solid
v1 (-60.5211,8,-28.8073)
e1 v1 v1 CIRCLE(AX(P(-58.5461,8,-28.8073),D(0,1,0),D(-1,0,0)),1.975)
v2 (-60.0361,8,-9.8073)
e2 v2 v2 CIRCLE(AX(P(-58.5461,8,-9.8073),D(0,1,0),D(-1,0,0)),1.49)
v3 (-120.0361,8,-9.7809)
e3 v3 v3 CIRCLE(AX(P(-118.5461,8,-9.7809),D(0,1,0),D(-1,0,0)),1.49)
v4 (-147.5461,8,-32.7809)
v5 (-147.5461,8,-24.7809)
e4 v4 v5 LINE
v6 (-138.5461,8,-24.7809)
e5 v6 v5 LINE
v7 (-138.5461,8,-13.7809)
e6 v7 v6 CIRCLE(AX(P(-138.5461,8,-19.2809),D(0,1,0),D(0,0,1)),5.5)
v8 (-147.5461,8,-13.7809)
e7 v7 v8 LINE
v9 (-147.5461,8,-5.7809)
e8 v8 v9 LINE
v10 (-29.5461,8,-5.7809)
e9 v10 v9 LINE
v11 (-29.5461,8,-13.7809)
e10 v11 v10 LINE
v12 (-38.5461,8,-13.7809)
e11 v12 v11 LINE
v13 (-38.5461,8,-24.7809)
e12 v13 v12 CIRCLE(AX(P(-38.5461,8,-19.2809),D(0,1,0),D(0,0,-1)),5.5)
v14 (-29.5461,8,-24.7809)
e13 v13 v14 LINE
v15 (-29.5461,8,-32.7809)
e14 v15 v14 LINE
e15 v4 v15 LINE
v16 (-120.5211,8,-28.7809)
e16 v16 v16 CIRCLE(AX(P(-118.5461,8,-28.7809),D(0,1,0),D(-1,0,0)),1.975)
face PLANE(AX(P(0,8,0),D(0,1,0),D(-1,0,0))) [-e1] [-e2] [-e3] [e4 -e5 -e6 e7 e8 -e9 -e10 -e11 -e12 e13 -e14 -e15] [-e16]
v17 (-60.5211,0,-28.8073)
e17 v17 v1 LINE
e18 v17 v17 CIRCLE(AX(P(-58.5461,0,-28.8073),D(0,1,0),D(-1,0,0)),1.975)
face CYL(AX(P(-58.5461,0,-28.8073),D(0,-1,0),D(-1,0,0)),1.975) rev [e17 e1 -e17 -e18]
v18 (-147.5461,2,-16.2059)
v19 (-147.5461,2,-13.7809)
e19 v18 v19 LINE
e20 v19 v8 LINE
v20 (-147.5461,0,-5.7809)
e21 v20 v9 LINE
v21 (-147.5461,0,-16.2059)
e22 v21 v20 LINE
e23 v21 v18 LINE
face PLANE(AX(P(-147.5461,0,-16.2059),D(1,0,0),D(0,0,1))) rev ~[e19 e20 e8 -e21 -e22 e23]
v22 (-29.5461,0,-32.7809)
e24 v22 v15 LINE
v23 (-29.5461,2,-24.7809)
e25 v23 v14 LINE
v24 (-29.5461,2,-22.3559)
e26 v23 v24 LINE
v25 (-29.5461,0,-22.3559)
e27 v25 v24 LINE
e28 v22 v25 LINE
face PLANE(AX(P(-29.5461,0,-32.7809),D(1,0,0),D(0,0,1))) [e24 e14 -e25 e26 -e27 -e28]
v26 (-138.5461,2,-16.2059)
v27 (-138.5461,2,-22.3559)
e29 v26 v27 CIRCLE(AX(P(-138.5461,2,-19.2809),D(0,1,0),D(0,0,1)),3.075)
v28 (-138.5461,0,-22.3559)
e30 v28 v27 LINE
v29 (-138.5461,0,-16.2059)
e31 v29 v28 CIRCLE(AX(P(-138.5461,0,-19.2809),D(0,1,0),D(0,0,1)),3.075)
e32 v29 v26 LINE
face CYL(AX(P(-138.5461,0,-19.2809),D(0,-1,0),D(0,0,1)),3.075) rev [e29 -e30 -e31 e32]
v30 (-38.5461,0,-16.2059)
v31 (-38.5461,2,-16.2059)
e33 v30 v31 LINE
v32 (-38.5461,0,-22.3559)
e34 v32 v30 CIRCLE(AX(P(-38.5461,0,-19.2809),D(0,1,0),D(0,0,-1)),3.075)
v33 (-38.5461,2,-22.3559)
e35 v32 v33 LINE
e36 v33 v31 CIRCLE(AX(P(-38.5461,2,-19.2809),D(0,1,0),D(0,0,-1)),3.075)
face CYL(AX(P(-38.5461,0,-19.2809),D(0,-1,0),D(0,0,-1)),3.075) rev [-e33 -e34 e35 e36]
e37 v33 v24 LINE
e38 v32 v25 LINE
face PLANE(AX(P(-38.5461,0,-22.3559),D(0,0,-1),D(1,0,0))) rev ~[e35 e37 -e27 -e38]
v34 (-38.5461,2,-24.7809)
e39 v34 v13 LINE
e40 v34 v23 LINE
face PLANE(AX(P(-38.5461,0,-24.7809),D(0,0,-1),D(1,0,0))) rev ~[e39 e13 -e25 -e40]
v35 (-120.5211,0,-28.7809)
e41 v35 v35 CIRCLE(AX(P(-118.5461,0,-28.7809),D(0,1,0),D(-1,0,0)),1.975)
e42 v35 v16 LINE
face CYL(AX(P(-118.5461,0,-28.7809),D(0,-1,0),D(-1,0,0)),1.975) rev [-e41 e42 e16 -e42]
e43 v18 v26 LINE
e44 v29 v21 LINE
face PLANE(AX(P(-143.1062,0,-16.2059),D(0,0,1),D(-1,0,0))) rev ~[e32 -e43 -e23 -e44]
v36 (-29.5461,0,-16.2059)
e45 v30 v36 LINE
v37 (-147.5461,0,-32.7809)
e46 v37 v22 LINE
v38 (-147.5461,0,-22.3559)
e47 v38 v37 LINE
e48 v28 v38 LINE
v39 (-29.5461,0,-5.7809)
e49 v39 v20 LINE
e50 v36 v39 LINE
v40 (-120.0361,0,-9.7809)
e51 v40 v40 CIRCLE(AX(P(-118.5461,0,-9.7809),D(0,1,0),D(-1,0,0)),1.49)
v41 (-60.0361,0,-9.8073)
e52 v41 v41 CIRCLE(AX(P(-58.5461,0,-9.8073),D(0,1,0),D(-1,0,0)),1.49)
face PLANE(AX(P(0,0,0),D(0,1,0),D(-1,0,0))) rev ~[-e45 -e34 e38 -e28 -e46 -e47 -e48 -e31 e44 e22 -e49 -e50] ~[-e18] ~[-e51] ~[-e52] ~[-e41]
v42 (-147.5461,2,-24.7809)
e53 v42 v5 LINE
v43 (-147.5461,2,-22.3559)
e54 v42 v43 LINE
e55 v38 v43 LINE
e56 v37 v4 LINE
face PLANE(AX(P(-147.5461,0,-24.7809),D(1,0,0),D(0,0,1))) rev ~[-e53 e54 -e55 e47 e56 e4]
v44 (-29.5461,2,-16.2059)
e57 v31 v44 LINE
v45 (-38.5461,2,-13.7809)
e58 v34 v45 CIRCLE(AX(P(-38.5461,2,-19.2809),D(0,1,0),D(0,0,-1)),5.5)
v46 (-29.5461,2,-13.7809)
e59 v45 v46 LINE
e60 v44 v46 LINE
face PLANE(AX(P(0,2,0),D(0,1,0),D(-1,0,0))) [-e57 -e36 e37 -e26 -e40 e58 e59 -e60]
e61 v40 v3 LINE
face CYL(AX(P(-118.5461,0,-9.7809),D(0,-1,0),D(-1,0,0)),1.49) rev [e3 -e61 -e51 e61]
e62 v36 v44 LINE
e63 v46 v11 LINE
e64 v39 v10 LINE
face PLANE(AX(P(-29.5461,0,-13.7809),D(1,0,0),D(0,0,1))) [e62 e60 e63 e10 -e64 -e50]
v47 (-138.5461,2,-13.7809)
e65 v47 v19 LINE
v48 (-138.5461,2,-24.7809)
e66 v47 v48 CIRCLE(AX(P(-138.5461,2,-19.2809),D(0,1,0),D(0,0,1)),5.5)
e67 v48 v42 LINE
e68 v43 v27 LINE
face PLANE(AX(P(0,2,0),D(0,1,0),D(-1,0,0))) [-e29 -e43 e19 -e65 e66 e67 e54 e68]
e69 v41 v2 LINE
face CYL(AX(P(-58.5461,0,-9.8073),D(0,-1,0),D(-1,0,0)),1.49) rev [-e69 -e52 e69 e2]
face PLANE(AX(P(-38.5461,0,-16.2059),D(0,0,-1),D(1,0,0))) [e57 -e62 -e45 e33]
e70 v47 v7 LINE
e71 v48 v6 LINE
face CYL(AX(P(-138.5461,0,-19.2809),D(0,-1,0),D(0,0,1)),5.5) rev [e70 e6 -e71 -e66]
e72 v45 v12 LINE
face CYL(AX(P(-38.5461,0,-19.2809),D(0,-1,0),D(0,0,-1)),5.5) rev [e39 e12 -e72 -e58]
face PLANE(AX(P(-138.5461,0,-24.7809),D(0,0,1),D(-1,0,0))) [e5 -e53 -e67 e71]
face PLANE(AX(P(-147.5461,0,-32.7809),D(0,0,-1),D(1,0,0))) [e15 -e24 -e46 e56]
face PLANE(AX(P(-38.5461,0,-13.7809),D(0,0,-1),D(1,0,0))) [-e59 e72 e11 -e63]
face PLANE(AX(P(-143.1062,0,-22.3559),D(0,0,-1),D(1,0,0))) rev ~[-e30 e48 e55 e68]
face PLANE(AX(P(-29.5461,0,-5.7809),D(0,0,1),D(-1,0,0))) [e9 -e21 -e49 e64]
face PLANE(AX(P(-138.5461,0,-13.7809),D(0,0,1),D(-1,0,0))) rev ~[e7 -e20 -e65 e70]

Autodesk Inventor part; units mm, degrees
ref_plane "YZ Plane" through (0, 0, 0) normal (1, 0, 0) x (0, 1, 0)
ref_plane "XZ Plane" through (0, 0, 0) normal (0, 1, 0) x (-1, 0, 0)
ref_plane "XY Plane" through (0, 0, 0) normal (0, 0, 1) x (1, 0, 0)
sketch "Sketch1" plane through (0, 0, 0) normal (0, 1, 0) x (-1, 0, 0)
  circle A0 centre (118.5461, -28.7809) radius 1.975
  circle A1 centre (118.5461, -9.7809) radius 1.49
  arc A2 (138.5461, -13.7809) -> (138.5461, -24.7809) centre (138.5461, -19.2809) ccw
  circle A3 centre (58.5461, -28.8073) radius 1.975
  line L0 (147.5461, -32.7809) -> (29.5461, -32.7809)
  line L1 (29.5461, -5.7809) -> (147.5461, -5.7809)
  arc A4 (38.5461, -24.7809) -> (38.5461, -13.7809) centre (38.5461, -19.2809) ccw
  line L2 (29.5461, -32.7809) -> (29.5461, -5.7809)
  circle A5 centre (58.5461, -9.8073) radius 1.49
  arc A6 (138.5461, -16.2059) -> (138.5461, -22.3559) centre (138.5461, -19.2809) ccw
  arc A7 (38.5461, -22.3559) -> (38.5461, -16.2059) centre (38.5461, -19.2809) ccw
  line L3 (143.1062, -22.3559) -> (147.5461, -22.3559)
  line L4 (143.1062, -16.2059) -> (147.5461, -16.2059)
  line L5 (147.5461, -32.7809) -> (147.5461, -22.3559)
  line L6 (147.5461, -16.2059) -> (147.5461, -5.7809)
  line L7 (143.1062, -22.3559) -> (138.5461, -22.3559)
  line L8 (143.1062, -16.2059) -> (138.5461, -16.2059)
  line L9 (138.5461, -24.7809) -> (147.5461, -24.7809)
  line L10 (138.5461, -13.7809) -> (147.5461, -13.7809)
  line L11 (38.5461, -22.3559) -> (29.5461, -22.3559)
  line L12 (38.5461, -24.7809) -> (29.5461, -24.7809)
  line L13 (38.5461, -16.2059) -> (29.5461, -16.2059)
  line L14 (38.5461, -13.7809) -> (29.5461, -13.7809)
  point P0 (88.5461, -32.7809)
  point P1 (88.5461, -5.7809)
  dimension "d162" = 60
  dimension "d163" = 60
  dimension "d165" = 100
  dimension "d183" = 11
  dimension "d184" = 11
  dimension "d185" = 6.15
  dimension "d186" = 6.15
  dimension "d187" = 3.95
  dimension "d188" = 2.98
  dimension "d189" = 3.95
  dimension "d190" = 2.98
  dimension "d202" = 9
  dimension "d203" = 9
  dimension "d204" = 9
  dimension "d212" = 19
  dimension "d213" = 19
  dimension "d214" = 27
  dimension "d215" = 4
  dimension "d216" = 4
  dimension "d217" = 13.5
  dimension "d218" = 30
  dimension "d219" = 30
extrude "Extrusion13" add sketch "Sketch1" along normal blind 8 contours A2 L9 L5 L0 L2 L12 A4 L14 L1 L6 L10
extrude "Extrusion14" add sketch "Sketch1" along normal blind 2 contours L14 A4 L12 L2 L11 A7 L13
extrude "Extrusion15" add sketch "Sketch1" along normal blind 2 contours L10 L6 L4 L8 A6 L7 L3 L5 L9 A2
properties part number "Base Laser_3DPrint"
